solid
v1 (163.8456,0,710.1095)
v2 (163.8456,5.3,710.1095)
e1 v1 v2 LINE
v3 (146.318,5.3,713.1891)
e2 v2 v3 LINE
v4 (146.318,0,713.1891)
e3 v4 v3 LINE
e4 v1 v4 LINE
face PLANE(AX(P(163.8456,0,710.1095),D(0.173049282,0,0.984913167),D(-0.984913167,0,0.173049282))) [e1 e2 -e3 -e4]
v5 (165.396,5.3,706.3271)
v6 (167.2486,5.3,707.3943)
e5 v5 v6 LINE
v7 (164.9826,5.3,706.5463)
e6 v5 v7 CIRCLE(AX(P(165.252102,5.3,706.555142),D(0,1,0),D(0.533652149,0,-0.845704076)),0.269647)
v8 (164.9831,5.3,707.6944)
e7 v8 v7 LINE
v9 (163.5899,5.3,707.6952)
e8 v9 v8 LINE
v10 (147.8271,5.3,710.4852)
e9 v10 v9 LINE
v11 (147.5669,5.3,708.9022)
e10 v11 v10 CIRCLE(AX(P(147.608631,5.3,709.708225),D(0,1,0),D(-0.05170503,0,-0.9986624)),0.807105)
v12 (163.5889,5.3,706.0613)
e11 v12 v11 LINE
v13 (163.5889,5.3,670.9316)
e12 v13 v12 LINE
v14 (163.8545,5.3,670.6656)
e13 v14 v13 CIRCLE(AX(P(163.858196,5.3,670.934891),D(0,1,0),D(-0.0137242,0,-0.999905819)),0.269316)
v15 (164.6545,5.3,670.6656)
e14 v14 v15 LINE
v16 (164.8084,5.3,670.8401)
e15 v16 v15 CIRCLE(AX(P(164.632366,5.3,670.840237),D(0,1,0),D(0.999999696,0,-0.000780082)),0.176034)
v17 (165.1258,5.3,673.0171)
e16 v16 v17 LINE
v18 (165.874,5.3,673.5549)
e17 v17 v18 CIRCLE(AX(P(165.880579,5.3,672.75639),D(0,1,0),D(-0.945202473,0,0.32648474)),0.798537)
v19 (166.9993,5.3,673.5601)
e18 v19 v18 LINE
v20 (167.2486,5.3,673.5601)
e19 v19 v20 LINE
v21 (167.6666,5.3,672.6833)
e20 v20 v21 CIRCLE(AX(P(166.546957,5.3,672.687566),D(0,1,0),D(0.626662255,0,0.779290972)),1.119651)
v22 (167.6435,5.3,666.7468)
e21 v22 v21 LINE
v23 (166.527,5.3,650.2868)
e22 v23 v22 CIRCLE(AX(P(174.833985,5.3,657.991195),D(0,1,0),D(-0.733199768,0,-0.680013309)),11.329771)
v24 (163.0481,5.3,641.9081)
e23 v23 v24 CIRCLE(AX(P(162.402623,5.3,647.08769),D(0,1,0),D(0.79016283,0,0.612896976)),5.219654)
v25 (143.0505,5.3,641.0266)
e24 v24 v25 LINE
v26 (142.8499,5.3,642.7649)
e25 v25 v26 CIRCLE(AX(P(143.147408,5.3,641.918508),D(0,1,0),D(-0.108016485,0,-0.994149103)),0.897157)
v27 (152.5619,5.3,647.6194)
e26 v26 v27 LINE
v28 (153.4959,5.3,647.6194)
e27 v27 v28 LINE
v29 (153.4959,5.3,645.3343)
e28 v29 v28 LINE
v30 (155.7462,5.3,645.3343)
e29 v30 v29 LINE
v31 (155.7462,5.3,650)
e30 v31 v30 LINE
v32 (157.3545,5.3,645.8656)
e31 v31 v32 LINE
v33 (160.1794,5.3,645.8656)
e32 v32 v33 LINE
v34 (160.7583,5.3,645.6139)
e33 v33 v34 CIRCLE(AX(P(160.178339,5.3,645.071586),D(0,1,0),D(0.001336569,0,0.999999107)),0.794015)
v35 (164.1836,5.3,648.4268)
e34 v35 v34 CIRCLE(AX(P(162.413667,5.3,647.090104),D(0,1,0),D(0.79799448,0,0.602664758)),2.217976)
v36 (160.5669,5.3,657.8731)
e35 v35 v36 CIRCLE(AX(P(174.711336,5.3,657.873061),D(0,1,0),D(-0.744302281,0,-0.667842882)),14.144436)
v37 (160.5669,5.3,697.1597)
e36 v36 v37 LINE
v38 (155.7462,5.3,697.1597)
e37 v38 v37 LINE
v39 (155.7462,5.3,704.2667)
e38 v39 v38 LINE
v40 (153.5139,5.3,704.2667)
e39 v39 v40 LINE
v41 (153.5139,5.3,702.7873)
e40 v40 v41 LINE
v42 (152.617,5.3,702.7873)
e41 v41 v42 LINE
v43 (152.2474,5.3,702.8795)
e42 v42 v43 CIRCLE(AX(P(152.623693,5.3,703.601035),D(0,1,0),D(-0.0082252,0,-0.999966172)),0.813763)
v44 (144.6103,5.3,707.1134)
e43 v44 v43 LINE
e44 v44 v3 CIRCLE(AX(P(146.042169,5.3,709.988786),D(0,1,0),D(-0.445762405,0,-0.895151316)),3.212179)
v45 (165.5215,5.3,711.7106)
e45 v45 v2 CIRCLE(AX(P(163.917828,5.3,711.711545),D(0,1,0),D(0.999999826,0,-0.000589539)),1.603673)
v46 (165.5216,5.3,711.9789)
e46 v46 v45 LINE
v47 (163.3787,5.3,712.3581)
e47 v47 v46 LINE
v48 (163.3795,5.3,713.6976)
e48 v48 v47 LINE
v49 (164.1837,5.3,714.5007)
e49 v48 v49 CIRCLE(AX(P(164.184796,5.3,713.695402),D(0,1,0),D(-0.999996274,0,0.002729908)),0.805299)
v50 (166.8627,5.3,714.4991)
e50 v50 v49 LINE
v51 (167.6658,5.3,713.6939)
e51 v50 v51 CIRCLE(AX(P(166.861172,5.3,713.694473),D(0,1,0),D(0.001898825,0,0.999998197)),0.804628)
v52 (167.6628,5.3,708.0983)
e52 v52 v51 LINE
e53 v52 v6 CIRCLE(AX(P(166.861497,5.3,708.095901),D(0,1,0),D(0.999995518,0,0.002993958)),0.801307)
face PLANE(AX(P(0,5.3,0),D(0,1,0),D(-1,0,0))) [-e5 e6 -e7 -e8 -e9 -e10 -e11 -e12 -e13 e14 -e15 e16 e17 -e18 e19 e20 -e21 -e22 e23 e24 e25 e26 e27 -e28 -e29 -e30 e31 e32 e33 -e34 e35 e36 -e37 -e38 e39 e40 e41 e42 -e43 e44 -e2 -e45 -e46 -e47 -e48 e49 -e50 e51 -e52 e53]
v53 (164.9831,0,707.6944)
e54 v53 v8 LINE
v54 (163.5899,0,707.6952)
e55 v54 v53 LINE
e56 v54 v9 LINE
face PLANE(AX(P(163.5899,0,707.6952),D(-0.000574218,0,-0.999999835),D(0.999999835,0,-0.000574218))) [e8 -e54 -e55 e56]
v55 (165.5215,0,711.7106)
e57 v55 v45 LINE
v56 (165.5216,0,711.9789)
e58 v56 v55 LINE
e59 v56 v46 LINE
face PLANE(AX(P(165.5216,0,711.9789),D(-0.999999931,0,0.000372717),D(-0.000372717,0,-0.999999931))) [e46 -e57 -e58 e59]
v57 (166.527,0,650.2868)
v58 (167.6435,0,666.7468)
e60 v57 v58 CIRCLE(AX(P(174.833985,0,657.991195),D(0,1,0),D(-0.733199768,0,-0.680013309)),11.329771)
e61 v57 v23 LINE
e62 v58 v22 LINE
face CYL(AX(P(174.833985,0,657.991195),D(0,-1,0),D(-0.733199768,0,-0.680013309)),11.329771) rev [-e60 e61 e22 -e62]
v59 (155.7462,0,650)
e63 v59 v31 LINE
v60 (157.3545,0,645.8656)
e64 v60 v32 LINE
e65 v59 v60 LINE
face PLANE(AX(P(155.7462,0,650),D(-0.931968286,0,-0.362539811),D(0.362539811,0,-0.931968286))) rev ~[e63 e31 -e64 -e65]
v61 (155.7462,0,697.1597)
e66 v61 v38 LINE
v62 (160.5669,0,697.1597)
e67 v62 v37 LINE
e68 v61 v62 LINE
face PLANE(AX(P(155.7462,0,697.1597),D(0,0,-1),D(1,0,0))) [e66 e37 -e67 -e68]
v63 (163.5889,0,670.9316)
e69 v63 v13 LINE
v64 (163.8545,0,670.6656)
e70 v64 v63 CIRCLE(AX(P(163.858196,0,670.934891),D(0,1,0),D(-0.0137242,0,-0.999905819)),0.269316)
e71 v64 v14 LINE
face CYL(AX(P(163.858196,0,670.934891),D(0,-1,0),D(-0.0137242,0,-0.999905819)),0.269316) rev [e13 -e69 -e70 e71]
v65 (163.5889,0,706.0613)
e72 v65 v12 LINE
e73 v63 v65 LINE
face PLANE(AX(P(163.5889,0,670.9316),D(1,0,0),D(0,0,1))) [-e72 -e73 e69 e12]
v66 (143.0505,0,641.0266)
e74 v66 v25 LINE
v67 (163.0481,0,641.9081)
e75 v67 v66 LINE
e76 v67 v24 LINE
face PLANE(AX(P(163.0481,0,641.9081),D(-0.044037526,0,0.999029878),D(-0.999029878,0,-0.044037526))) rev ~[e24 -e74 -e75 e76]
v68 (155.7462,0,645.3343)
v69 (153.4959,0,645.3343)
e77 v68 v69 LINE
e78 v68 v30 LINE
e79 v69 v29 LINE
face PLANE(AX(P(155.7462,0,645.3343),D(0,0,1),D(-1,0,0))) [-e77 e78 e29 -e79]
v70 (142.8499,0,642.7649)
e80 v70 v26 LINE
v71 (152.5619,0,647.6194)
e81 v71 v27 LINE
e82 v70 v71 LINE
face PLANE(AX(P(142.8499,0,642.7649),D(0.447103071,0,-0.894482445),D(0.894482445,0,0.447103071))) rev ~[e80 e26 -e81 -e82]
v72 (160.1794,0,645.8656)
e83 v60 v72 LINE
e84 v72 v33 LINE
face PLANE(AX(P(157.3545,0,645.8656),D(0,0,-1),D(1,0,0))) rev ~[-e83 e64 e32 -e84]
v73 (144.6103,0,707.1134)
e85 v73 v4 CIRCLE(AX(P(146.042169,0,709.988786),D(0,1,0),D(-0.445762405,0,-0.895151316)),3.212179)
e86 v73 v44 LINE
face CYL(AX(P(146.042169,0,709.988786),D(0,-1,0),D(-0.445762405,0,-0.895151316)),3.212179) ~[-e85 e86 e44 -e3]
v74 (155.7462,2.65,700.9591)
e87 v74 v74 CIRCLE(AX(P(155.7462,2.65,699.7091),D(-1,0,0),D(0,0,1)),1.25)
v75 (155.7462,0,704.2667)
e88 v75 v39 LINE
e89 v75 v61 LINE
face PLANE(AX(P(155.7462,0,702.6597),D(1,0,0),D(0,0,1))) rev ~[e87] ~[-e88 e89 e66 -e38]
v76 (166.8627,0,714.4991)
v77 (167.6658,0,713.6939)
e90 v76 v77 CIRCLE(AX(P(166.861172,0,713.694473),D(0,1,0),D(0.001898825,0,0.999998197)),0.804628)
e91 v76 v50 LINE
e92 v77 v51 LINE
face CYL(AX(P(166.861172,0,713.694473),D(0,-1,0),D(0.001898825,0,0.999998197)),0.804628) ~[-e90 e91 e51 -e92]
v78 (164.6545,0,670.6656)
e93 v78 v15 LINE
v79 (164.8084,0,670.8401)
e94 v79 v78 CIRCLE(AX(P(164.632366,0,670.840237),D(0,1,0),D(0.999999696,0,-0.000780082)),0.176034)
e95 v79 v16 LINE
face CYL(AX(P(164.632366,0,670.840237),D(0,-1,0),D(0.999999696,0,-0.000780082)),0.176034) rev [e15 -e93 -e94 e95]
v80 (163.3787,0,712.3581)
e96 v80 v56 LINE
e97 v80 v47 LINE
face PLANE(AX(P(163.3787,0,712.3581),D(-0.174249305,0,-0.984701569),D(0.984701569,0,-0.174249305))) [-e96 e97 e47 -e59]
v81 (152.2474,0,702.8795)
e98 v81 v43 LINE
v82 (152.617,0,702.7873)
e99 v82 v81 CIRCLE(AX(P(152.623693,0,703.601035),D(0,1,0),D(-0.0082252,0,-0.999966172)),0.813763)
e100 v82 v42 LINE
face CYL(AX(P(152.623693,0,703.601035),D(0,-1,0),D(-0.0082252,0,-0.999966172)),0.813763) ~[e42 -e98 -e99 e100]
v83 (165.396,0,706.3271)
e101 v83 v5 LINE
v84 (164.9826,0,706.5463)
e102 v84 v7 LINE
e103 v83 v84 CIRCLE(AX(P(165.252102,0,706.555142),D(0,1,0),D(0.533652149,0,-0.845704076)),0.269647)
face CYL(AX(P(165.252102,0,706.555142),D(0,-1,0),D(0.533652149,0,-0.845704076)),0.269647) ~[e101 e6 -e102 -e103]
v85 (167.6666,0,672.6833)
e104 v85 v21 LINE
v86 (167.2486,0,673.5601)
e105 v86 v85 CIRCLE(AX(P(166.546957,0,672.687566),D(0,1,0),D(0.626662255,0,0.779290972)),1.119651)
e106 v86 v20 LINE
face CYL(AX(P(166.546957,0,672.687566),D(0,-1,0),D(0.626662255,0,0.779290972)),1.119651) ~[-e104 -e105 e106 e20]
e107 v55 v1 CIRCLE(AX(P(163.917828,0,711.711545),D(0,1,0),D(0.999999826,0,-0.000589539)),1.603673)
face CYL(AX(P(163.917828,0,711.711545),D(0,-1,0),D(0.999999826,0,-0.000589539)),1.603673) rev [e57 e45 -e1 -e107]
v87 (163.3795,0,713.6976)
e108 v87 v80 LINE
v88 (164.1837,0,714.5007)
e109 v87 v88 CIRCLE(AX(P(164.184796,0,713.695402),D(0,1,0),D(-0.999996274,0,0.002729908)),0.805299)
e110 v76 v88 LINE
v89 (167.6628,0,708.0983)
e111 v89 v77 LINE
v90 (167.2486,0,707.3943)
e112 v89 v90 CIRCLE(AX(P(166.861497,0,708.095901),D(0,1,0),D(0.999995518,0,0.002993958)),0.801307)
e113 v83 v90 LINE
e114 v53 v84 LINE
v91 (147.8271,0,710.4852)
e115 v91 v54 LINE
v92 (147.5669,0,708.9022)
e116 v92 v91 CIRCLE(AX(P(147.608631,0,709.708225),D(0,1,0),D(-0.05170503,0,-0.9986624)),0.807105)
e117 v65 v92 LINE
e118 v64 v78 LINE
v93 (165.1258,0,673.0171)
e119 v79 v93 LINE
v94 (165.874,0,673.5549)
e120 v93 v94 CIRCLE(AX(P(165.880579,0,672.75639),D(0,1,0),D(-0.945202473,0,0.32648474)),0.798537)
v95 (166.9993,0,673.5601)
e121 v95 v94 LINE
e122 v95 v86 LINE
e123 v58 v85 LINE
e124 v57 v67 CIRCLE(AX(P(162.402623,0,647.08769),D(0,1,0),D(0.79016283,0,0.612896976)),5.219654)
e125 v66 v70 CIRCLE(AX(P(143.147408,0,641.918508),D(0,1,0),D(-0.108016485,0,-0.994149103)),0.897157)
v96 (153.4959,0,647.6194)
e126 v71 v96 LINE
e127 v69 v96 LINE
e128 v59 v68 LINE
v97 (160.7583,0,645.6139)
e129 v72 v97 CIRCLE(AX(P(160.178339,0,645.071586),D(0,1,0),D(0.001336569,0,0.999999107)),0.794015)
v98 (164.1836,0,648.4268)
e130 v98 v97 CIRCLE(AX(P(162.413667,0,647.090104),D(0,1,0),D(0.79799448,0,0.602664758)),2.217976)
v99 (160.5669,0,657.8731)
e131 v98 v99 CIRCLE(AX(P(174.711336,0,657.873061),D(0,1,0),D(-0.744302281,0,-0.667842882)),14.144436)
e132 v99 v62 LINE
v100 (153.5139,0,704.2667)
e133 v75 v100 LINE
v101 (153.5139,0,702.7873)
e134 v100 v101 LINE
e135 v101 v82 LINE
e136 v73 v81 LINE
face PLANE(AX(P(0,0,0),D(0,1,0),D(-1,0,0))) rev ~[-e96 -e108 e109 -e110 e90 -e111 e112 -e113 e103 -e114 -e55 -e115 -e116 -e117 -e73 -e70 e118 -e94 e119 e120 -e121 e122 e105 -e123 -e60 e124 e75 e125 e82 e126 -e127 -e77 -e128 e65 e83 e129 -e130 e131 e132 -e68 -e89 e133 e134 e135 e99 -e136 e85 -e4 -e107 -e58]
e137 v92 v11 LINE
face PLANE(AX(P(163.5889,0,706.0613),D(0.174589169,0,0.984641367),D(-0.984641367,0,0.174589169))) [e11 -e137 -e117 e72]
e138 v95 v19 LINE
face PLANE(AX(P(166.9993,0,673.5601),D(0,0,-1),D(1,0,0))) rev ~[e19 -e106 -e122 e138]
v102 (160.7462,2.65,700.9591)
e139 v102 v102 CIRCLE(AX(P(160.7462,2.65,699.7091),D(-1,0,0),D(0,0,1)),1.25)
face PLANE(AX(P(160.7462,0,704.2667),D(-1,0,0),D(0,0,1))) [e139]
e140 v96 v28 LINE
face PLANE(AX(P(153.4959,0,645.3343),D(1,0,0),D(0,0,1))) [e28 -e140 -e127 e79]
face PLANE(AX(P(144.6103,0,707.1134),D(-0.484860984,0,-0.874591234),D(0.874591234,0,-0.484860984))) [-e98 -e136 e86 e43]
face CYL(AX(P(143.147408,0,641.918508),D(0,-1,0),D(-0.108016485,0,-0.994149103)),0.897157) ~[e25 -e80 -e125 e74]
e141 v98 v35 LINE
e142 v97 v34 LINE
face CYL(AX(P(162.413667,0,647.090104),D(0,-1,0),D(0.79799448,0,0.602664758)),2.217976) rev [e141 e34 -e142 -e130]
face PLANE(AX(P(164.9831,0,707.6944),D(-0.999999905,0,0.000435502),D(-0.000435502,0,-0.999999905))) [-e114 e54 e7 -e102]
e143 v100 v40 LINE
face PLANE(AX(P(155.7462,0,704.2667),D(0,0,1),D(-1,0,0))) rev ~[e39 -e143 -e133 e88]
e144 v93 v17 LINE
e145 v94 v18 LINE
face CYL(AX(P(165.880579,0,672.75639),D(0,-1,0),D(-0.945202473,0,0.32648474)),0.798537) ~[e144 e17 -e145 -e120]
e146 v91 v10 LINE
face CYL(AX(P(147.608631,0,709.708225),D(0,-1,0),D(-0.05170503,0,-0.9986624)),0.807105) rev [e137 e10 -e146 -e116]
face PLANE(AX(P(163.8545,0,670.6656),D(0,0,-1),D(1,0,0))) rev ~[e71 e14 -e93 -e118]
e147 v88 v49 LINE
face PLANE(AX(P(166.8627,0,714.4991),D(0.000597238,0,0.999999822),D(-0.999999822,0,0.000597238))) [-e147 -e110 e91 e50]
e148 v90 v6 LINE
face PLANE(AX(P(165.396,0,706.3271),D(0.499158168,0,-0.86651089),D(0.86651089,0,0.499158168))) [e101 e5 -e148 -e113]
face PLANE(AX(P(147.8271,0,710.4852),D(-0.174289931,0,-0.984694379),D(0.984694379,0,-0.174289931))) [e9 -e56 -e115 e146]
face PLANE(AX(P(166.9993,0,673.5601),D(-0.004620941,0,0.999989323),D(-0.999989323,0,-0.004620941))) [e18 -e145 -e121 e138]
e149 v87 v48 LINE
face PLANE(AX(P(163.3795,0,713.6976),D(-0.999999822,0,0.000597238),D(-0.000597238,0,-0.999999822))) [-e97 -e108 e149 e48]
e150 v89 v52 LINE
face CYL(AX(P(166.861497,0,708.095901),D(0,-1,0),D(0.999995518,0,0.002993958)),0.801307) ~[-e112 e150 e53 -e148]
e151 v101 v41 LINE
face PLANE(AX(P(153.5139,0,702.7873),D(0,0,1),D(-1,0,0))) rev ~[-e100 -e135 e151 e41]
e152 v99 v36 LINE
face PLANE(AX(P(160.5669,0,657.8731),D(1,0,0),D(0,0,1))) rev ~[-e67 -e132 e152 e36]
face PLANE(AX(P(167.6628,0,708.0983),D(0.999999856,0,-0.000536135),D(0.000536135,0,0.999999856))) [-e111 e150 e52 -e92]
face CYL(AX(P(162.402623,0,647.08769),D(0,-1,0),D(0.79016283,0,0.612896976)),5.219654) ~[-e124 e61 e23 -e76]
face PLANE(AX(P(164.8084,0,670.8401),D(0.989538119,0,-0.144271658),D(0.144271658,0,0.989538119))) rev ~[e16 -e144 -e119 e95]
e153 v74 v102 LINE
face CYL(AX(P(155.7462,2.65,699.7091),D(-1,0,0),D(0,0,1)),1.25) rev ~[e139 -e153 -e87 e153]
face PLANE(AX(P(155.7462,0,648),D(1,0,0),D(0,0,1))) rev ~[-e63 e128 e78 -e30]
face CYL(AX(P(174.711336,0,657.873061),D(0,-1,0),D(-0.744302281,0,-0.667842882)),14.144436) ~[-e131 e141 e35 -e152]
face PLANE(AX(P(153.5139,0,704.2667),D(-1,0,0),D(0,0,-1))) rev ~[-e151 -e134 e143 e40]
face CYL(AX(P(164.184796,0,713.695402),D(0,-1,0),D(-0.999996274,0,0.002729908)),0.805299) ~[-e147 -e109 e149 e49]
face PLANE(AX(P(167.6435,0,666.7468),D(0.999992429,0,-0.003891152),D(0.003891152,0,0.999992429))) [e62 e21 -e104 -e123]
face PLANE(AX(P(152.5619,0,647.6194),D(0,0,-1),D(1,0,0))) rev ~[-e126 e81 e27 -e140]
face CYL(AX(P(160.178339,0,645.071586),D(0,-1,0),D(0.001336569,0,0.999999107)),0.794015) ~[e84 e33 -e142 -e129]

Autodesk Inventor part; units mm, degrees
ref_plane "YZ Plane" through (0, 0, 0) normal (1, 0, 0) x (0, 1, 0)
ref_plane "XZ Plane" through (0, 0, 0) normal (0, 1, 0) x (-1, 0, 0)
ref_plane "XY Plane" through (0, 0, 0) normal (0, 0, 1) x (1, 0, 0)
sketch "Sketch1" plane through (0, 0, 0) normal (0, 1, 0) x (-1, 0, 0)
  arc A0 (-159.7794, 702.6597) -> (-160.5669, 701.8721) centre (-159.7794, 701.8721) ccw
  line L0 (-155.7462, 702.6597) -> (-155.7462, 704.2667)
  line L1 (-155.7462, 704.2667) -> (-153.5139, 704.2667)
  line L2 (-153.5139, 704.2667) -> (-153.5139, 702.7873)
  line L3 (-153.5139, 702.7873) -> (-152.617, 702.7873)
  arc A1 (-164.1836, 648.4268) -> (-160.5669, 657.8731) centre (-174.7114, 657.8731) ccw
  line L4 (-160.5669, 657.8731) -> (-160.5669, 701.8721)
  arc A2 (-160.1794, 645.8656) -> (-160.7583, 645.6139) centre (-160.1783, 645.0714) ccw
  arc A3 (-164.1836, 648.4268) -> (-160.7583, 645.6139) centre (-162.4137, 647.0901) ccw
  line L5 (-155.7462, 648) -> (-155.7462, 645.3343)
  line L6 (-155.7462, 645.3343) -> (-153.4959, 645.3343)
  line L7 (-153.4959, 645.3343) -> (-153.4959, 647.6194)
  arc A4 (-143.0505, 641.0266) -> (-142.8499, 642.7649) centre (-143.1474, 641.9185) ccw
  line L8 (-163.0481, 641.9081) -> (-143.0505, 641.0266)
  arc A5 (-166.527, 650.2868) -> (-163.0481, 641.9081) centre (-162.4027, 647.0877) ccw
  arc A6 (-166.527, 650.2868) -> (-167.6435, 666.7468) centre (-174.834, 657.9912) ccw
  line L9 (-166.9993, 673.5601) -> (-165.874, 673.5549)
  arc A7 (-165.1258, 673.0171) -> (-165.874, 673.5549) centre (-165.8807, 672.7563) ccw
  arc A8 (-163.8545, 670.6656) -> (-163.5889, 670.9316) centre (-163.8582, 670.9349) ccw
  line L10 (-163.5889, 706.0242) -> (-163.5889, 706.0613)
  line L11 (-163.5889, 706.0613) -> (-147.5669, 708.9022)
  arc A9 (-147.5669, 708.9022) -> (-147.8271, 710.4852) centre (-147.6086, 709.7082) ccw
  line L12 (-147.8271, 710.4852) -> (-163.5899, 707.6952)
  line L13 (-163.5899, 707.6952) -> (-164.9831, 707.6944)
  line L14 (-164.9831, 707.6944) -> (-164.9826, 706.5463)
  arc A10 (-165.396, 706.3271) -> (-164.9826, 706.5463) centre (-165.2521, 706.5552) ccw
  line L15 (-165.396, 706.3271) -> (-167.2486, 707.3943)
  arc A11 (-167.6628, 708.0983) -> (-167.2486, 707.3943) centre (-166.8615, 708.0959) ccw
  line L16 (-167.6628, 708.0983) -> (-167.6658, 713.6939)
  arc A12 (-166.8627, 714.4991) -> (-167.6658, 713.6939) centre (-166.8611, 713.6943) ccw
  line L17 (-166.8627, 714.4991) -> (-164.1837, 714.5007)
  arc A13 (-163.3795, 713.6976) -> (-164.1837, 714.5007) centre (-164.1848, 713.6954) ccw
  line L18 (-163.3795, 713.6976) -> (-163.3787, 712.3581)
  line L19 (-163.3787, 712.3581) -> (-165.5216, 711.9789)
  line L20 (-165.5216, 711.9789) -> (-165.5215, 711.7106)
  arc A14 (-165.5215, 711.7106) -> (-163.8456, 710.1095) centre (-163.9177, 711.7116) ccw
  line L21 (-163.8456, 710.1095) -> (-146.318, 713.1891)
  arc A15 (-144.6103, 707.1134) -> (-146.318, 713.1891) centre (-146.0422, 709.9888) ccw
  arc A16 (-152.617, 702.7873) -> (-152.2474, 702.8795) centre (-152.6236, 703.6003) ccw
  line L22 (-155.7462, 702.6597) -> (-155.7462, 700.1597)
  line L23 (-155.7462, 700.1597) -> (-156.9462, 700.1597)
  line L24 (-156.9462, 700.1597) -> (-157.7628, 702.6597)
  line L25 (-157.7628, 702.6597) -> (-159.7794, 702.6597)
  line L26 (-155.7462, 648) -> (-155.7462, 650)
  line L27 (-155.7462, 650) -> (-157.3545, 645.8656)
  line L28 (-157.3545, 645.8656) -> (-160.1794, 645.8656)
  line L29 (-144.6103, 707.1134) -> (-152.2474, 702.8795)
  line L30 (-152.5619, 647.6194) -> (-153.4959, 647.6194)
  line L31 (-163.8545, 670.6656) -> (-164.6545, 670.6656)
  arc A17 (-164.8084, 670.8401) -> (-164.6545, 670.6656) centre (-164.6322, 670.8403) ccw
  line L32 (-163.5889, 670.9316) -> (-163.5889, 706.0613)
  line L33 (-164.8084, 670.8401) -> (-165.1258, 673.0171)
  line L34 (-167.6435, 666.7468) -> (-167.6666, 672.6833)
  line L35 (-166.9993, 673.5601) -> (-167.2486, 673.5601)
  arc A18 (-167.2486, 673.5601) -> (-167.6666, 672.6833) centre (-166.547, 672.6876) ccw
  line L36 (-142.8499, 642.7649) -> (-152.5619, 647.6194)
  point P0 (-160.5669, 683.588)
  dimension "d2" = 43.999
  dimension "d6" = 2.5
  dimension "d7" = 1.2
  dimension "d8" = 2
  dimension "d18" = 0.8
  dimension "d20" = 2.2
extrude "Extrusion1" add sketch "Sketch1" along normal blind 5.3
sketch "Sketch2" plane through (0, 0, 0) normal (0, -1, 0) x (1, 0, 0)
  line L0 (156.9462, 700.1597) -> (155.7462, 700.1597) projected
  line L1 (155.7462, 700.1597) -> (155.7462, 697.1597)
  line L2 (155.7462, 697.1597) -> (160.5669, 697.1597)
  line L3 (160.5669, 657.8731) -> (160.5669, 701.8721) projected
  line L4 (160.5669, 697.1597) -> (160.5783, 702.6397)
  line L5 (160.5783, 702.6397) -> (155.7462, 704.198)
  line L6 (155.7462, 704.198) -> (155.7462, 700.1597)
  point P0 (0, 0)
  dimension "d9" = 3
extrude "Extrusion2" add sketch "Sketch2" against normal blind 5.3
sketch "Sketch3" plane through (155.7462, 0, 704.2667) normal (-1, 0, 0) x (0, 0, 1)
  circle A0 centre (-4.5576, 2.65) radius 1.25
  line L0 (-7.107, 5.3) -> (0, 5.3) projected
  line L1 (0, 0) -> (-7.107, 0) projected
  point P0 (-704.2667, 0)
  dimension "d12" = 2.5
  dimension "d14" = 2.65
  dimension "d15" = 2.65
extrude "Extrusion3" cut sketch "Sketch3" against normal blind 5
properties part number "raspDinClipmmv3"
